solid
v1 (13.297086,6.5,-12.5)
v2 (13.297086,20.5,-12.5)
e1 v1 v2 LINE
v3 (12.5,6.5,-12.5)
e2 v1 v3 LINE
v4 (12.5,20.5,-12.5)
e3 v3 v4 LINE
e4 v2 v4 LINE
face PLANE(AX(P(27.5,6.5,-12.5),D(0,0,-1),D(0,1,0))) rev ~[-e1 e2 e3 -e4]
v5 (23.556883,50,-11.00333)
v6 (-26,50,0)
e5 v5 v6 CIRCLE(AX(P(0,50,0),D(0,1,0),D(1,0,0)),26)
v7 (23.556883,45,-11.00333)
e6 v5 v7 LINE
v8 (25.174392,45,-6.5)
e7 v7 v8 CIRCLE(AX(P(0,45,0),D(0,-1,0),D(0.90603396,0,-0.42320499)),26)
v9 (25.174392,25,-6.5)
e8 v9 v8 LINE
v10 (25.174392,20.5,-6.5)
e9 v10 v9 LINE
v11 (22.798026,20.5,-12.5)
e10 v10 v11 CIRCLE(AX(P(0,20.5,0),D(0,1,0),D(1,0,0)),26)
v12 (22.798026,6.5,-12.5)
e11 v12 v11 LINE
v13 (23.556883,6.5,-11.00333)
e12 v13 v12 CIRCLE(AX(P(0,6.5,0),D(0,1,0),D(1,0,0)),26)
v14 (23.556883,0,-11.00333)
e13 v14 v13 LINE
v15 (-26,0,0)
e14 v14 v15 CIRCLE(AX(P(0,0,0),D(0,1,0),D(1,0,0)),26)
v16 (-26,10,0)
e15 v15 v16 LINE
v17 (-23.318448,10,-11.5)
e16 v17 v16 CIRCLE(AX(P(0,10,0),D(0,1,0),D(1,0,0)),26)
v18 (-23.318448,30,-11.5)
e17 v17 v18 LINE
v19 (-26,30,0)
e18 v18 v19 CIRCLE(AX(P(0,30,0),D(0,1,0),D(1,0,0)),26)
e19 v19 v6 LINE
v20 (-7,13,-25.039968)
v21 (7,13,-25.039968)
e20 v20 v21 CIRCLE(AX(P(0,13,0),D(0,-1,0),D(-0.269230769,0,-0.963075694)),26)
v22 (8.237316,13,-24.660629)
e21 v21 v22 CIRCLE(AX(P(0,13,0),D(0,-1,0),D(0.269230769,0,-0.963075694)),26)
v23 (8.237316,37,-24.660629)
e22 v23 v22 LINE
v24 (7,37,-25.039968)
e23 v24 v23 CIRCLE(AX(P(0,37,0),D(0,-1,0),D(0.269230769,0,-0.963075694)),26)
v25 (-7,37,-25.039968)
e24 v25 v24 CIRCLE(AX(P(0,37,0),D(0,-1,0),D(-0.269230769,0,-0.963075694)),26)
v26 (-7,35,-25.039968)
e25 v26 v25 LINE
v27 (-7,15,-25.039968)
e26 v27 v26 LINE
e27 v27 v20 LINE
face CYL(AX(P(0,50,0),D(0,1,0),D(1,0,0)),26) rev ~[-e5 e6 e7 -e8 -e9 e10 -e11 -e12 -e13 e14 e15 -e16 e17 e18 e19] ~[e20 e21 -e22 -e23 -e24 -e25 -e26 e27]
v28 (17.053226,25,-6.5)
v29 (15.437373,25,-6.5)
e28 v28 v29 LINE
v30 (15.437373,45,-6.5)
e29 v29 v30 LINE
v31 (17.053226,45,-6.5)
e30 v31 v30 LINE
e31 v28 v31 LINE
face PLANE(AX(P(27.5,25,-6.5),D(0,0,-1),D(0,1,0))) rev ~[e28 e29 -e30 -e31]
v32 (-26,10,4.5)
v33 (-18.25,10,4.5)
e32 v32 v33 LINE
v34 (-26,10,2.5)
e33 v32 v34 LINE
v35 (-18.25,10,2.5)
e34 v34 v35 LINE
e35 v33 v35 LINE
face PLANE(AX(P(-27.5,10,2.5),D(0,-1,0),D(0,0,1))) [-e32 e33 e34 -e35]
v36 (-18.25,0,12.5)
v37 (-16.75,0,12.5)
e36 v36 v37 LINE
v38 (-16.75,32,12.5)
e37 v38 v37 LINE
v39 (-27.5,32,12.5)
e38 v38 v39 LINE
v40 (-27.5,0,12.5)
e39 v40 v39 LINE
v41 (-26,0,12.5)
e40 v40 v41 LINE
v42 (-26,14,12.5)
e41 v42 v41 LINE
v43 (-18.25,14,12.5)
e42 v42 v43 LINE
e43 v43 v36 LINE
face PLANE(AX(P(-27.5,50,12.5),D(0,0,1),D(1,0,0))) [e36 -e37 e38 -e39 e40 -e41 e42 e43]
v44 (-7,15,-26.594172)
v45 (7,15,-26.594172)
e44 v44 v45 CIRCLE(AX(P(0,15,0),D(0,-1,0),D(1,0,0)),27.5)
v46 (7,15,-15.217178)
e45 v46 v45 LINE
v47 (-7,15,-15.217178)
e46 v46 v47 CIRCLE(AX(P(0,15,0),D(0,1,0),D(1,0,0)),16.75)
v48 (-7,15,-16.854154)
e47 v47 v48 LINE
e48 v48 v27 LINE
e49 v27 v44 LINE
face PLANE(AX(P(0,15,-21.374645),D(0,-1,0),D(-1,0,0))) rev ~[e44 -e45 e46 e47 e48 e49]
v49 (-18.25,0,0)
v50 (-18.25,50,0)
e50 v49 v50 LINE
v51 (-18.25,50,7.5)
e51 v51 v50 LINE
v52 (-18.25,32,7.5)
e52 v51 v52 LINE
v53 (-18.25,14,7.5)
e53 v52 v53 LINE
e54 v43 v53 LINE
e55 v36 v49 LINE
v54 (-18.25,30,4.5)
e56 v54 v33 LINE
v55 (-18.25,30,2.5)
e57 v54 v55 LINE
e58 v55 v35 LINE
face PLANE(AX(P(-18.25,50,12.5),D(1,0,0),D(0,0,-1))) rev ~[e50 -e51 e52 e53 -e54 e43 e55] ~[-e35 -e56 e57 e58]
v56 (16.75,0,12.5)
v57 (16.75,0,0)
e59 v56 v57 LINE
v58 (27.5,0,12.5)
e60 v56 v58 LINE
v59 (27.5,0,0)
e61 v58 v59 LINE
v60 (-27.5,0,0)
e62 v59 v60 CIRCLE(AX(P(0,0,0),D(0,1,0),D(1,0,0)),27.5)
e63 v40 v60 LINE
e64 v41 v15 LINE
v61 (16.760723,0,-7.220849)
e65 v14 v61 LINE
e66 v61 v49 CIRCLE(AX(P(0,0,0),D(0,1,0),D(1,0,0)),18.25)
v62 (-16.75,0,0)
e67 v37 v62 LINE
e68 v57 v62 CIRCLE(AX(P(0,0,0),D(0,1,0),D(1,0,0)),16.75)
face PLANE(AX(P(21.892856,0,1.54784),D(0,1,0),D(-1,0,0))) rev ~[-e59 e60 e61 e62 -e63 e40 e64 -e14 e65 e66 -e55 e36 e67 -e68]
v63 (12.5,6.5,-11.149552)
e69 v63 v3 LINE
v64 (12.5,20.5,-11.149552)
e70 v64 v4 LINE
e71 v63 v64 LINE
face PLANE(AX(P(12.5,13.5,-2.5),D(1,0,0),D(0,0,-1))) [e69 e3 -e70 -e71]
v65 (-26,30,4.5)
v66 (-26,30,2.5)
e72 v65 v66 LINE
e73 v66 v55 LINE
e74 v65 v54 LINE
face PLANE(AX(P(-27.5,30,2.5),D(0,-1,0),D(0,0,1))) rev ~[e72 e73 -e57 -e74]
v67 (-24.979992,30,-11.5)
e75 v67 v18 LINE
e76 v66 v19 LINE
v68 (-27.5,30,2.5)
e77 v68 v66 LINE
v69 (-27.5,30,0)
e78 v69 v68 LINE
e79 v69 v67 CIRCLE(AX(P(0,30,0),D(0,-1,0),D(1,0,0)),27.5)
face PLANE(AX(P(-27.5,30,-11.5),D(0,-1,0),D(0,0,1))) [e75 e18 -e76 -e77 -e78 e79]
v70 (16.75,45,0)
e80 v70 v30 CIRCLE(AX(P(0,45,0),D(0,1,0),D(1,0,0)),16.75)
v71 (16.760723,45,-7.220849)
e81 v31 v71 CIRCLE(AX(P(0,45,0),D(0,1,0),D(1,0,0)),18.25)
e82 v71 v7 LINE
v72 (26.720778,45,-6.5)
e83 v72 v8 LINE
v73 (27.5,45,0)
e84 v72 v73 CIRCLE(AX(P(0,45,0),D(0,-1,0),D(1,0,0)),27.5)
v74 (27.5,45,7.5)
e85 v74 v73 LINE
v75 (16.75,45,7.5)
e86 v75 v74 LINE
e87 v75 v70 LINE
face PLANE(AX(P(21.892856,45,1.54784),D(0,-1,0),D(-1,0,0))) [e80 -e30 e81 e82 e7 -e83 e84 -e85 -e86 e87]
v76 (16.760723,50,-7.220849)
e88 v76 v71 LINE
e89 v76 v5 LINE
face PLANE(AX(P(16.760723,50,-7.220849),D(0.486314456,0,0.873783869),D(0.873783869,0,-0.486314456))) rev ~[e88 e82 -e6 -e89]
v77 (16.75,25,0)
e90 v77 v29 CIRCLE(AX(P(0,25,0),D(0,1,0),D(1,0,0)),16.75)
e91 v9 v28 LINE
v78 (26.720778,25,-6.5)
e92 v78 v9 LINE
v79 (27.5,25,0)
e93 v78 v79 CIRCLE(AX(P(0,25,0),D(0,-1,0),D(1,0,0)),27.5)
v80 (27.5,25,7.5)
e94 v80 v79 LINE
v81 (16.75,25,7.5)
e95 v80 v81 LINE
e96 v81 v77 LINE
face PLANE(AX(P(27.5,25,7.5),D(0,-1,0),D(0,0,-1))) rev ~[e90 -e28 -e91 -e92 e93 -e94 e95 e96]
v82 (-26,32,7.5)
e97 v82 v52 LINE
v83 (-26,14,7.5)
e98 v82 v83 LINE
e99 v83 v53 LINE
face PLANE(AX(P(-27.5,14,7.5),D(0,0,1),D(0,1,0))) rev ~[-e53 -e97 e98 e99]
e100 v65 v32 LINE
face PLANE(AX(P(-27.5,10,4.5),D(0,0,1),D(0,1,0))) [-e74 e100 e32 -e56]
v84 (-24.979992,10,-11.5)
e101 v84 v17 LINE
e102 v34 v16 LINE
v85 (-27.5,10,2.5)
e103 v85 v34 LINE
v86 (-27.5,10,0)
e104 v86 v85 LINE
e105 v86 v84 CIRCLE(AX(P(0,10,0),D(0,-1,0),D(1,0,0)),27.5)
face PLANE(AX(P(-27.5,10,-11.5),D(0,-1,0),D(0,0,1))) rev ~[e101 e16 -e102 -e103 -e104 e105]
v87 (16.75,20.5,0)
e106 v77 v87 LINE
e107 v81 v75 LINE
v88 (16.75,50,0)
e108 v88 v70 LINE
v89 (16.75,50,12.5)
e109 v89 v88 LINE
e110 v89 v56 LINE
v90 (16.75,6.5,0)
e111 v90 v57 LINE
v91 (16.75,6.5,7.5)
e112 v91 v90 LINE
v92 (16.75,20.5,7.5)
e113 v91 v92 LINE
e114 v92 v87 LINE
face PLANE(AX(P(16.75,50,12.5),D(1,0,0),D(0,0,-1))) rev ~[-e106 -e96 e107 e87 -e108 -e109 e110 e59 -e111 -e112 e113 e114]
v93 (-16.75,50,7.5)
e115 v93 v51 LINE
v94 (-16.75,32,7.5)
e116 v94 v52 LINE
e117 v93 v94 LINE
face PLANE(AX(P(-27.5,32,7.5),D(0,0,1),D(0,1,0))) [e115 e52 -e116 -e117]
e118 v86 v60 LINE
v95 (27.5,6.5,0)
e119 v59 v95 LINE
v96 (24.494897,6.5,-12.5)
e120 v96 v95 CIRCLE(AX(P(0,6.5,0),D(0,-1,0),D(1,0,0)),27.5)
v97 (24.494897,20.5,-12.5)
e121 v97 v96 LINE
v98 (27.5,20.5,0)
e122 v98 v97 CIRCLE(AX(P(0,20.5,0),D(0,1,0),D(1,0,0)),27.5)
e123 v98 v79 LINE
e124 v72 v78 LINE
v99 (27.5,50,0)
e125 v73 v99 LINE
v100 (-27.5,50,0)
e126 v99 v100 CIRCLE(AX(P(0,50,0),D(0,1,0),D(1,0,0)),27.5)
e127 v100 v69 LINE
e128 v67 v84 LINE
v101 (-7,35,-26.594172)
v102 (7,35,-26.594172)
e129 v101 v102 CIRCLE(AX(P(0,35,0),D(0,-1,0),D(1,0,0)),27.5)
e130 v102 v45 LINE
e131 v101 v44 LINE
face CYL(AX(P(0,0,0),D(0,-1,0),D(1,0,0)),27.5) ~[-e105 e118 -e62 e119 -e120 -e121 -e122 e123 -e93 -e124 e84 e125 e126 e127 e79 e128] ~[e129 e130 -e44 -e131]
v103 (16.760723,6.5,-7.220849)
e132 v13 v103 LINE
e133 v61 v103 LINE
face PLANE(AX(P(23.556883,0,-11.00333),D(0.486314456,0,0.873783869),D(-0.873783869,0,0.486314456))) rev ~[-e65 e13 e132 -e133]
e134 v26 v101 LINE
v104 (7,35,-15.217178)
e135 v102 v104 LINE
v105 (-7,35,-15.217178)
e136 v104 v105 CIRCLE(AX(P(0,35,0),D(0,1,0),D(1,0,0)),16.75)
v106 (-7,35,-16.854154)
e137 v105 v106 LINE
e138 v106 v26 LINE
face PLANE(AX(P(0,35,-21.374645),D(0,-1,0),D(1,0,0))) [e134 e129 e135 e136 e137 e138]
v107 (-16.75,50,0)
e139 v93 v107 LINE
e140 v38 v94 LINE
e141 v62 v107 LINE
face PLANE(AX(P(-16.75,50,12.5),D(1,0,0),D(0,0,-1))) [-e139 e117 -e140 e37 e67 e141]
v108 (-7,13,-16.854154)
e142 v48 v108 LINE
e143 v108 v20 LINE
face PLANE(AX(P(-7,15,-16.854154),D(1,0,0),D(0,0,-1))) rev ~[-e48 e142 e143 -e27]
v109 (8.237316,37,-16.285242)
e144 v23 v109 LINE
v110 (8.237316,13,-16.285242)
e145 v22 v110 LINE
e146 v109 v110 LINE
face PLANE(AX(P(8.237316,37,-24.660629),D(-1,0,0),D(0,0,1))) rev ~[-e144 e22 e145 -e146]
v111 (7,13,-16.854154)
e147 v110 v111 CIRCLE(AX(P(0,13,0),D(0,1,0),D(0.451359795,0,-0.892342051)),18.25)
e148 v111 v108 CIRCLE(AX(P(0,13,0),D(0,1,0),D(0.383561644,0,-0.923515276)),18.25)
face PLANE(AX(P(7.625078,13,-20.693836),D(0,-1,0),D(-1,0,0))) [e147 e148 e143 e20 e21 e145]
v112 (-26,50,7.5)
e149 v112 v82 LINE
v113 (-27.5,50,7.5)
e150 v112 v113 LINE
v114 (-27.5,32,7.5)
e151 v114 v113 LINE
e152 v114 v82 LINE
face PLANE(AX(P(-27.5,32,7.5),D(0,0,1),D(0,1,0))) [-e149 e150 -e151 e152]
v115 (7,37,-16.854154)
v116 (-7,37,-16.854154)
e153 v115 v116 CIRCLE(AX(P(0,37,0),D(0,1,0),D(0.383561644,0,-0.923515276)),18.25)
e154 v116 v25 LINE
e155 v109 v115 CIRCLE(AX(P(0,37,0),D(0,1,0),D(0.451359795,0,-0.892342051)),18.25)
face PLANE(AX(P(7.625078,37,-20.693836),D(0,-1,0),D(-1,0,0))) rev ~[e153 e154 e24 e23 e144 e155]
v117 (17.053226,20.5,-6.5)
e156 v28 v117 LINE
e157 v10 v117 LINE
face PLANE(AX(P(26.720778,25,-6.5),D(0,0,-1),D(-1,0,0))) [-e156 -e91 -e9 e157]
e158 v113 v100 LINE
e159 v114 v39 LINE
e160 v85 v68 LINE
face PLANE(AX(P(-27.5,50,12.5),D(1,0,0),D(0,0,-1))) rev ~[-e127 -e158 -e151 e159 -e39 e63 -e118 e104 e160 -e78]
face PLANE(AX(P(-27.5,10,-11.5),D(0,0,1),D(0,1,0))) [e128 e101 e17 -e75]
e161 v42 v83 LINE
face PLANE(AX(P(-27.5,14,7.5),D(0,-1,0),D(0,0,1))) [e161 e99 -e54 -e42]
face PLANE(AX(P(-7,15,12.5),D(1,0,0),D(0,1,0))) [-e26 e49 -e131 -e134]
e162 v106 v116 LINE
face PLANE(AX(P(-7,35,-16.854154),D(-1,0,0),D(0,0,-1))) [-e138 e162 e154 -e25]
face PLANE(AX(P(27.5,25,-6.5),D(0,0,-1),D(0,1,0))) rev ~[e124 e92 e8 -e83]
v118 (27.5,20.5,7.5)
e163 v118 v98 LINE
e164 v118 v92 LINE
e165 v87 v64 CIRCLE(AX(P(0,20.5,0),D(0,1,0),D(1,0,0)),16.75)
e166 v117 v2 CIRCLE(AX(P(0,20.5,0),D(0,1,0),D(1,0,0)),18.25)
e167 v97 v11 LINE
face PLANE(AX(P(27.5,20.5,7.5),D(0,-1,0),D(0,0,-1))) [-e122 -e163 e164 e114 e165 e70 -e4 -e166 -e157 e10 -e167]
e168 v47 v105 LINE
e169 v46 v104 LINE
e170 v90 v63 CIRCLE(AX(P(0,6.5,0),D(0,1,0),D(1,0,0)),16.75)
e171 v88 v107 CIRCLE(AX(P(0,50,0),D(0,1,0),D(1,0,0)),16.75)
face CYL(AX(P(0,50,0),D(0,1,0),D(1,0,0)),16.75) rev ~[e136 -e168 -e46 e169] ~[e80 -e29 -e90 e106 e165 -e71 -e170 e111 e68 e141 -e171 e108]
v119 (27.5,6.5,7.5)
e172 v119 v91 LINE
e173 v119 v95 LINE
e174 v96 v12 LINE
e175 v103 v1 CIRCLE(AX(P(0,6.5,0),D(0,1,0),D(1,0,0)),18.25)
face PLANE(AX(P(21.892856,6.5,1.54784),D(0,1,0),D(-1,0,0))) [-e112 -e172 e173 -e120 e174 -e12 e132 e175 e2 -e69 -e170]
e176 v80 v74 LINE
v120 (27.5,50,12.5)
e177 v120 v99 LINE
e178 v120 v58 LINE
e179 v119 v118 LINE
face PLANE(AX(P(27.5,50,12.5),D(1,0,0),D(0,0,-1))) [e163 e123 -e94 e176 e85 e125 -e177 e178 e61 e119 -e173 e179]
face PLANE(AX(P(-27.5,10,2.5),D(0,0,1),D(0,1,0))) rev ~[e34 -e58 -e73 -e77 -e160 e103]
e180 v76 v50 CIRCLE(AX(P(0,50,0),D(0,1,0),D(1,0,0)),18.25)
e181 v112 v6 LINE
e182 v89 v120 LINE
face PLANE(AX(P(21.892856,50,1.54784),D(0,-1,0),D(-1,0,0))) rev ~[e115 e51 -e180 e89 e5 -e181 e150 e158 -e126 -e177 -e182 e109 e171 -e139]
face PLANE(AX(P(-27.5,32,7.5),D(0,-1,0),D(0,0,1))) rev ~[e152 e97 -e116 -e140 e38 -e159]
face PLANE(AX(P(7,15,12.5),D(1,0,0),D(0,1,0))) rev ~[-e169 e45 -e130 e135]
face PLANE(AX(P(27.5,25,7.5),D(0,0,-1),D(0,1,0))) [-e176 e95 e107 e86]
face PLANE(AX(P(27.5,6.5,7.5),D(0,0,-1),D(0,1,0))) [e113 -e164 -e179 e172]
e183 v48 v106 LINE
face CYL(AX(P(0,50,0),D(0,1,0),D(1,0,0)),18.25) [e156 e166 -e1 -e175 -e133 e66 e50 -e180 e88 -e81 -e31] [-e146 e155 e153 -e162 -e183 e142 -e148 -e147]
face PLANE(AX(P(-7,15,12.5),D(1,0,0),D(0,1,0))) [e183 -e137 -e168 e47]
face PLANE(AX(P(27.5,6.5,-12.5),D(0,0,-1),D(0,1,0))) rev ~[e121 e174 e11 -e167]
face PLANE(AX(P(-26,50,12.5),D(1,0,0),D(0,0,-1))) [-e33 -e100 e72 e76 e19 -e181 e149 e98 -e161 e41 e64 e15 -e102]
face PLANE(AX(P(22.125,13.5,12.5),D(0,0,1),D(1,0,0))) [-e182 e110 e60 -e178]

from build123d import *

# Parameters (mm, degrees)
SKETCH2_R            = 27.5
BOSS_EXTRUDE1_DEPTH  = 50
SKETCH3_R            = 26
CUT_EXTRUDE1_DEPTH   = 51
SKETCH7_R            = 18.25
BOSS_EXTRUDE3_DEPTH  = 50
SKETCH8_R            = 16.75
CUT_EXTRUDE3_DEPTH   = 51
SKETCH9_W            = 59.961193285
SKETCH9_H            = 28.516087398
CUT_EXTRUDE4_DEPTH   = 51
SKETCH10_W           = 1.5
SKETCH10_H           = 12.5
BOSS_EXTRUDE4_DEPTH  = 50
BOSS_EXTRUDE5_DEPTH  = 5
BOSS_EXTRUDE6_DEPTH  = 6.5
SKETCH12_W           = 14
SKETCH12_H           = 20
SKETCH12_W_2         = 20
SKETCH12_H_2         = 14
CUT_EXTRUDE6_DEPTH   = 15
SKETCH14_W           = 14
SKETCH14_H           = 20
CUT_EXTRUDE7_DEPTH   = 45
SKETCH15_W           = 16.605878589
SKETCH15_H           = 22.2356131
CUT_EXTRUDE8_DEPTH   = 15
BOSS_EXTRUDE8_DEPTH  = 4.5
BOSS_EXTRUDE9_DEPTH  = 2
BOSS_EXTRUDE10_DEPTH = 2
BOSS_EXTRUDE15_DEPTH = 24
BOSS_EXTRUDE17_DEPTH = 10
SKETCH26_W           = 5
SKETCH26_H           = 18
BOSS_EXTRUDE18_DEPTH = 10
SKETCH27_W           = 7.75
SKETCH27_H           = 14
BOSS_EXTRUDE19_DEPTH = 5
SKETCH29_W           = 14
SKETCH29_H           = 20
CUT_EXTRUDE9_DEPTH   = 8
SKETCH30_W           = 2
SKETCH30_H           = 20
BOSS_EXTRUDE20_DEPTH = 10


with BuildPart() as part:
    # Sketch2 → Boss-Extrude1 (new body)
    with BuildSketch(Plane(origin=(0, 0, 0), x_dir=(1, 0, 0), z_dir=(0, 1, 0))):
        Circle(SKETCH2_R)
    extrude(amount=BOSS_EXTRUDE1_DEPTH)

    # Sketch3 → Cut-Extrude1 (cut, through all)
    with BuildSketch(Plane(origin=(0, 50, 0), x_dir=(1, 0, 0), z_dir=(0, 1, 0))):
        Circle(SKETCH3_R)
    extrude(amount=-CUT_EXTRUDE1_DEPTH, mode=Mode.SUBTRACT)


with BuildPart() as body_2:
    # Sketch7 → Boss-Extrude3 (new body)
    with BuildSketch(Plane(origin=(0, 50, 0), x_dir=(1, 0, 0), z_dir=(0, 1, 0))):
        Circle(SKETCH7_R)
    extrude(amount=-BOSS_EXTRUDE3_DEPTH)

    # Sketch8 → Cut-Extrude3 (cut, through all)
    with BuildSketch(Plane(origin=(0, 50, 0), x_dir=(1, 0, 0), z_dir=(0, 1, 0))):
        Circle(SKETCH8_R)
    extrude(amount=-CUT_EXTRUDE3_DEPTH, mode=Mode.SUBTRACT)


with BuildPart() as cut_extrude4_tool:
    # Sketch9 → Cut-Extrude4 (new body, through all)
    with BuildSketch(Plane(origin=(0, 50, 0), x_dir=(1, 0, 0), z_dir=(0, 1, 0))):
        with Locations((-0.477134602, -14.258043699)):
            Rectangle(SKETCH9_W, SKETCH9_H)
    extrude(amount=-CUT_EXTRUDE4_DEPTH)


with BuildPart() as part_1:
    add(part.part)

    # Cut-Extrude4: cut by cut_extrude4_tool
    add(cut_extrude4_tool.part, mode=Mode.SUBTRACT)



with BuildPart() as body_2_1:
    add(body_2.part)

    # Cut-Extrude4: cut by cut_extrude4_tool
    add(cut_extrude4_tool.part, mode=Mode.SUBTRACT)


with BuildPart() as part_2:
    add(part_1.part)

    add(body_2_1.part)  # Boss-Extrude4 merges body 2
    # Sketch10 → Boss-Extrude4 (add)
    with BuildSketch(Plane(origin=(0, 50, 0), x_dir=(1, 0, 0), z_dir=(0, 1, 0))):
        with Locations((-26.75, -6.25)):
            Rectangle(SKETCH10_W, SKETCH10_H)
        with Locations((-17.5, -6.25)):
            Rectangle(SKETCH10_W, SKETCH10_H)
        with Locations((17.5, -6.25)):
            Rectangle(SKETCH10_W, SKETCH10_H)
        with Locations((26.75, -6.25)):
            Rectangle(SKETCH10_W, SKETCH10_H)
    extrude(amount=-BOSS_EXTRUDE4_DEPTH)

    # Sketch11 → Boss-Extrude5 (add)
    with BuildSketch(Plane(origin=(0, 50, 0), x_dir=(1, 0, 0), z_dir=(0, 1, 0))):
        with BuildLine():
            Line((16.760723177, 7.220848882), (23.556882961, 11.003329731))
            ThreePointArc((23.556882961, 11.003329731), (25.38187303, 5.63564739), (26, 0))
            Line((26, 0), (26, -12.5))
            Line((26, -12.5), (18.25, -12.5))
            Line((18.25, -12.5), (18.25, 0))
            ThreePointArc((18.25, 0), (17.873803428, 3.686414384), (16.760723177, 7.220848882))
        make_face()
    extrude(amount=-BOSS_EXTRUDE5_DEPTH)

    # Sketch13 → Boss-Extrude6 (add)
    with BuildSketch(Plane.XZ):
        with BuildLine():
            Line((18.25, 0), (18.25, 12.5))
            Line((18.25, 12.5), (26, 12.5))
            Line((26, 12.5), (26, 0))
            ThreePointArc((26, 0), (25.38187303, -5.63564739), (23.556882961, -11.003329731))
            Line((23.556882961, -11.003329731), (16.760723177, -7.220848882))
            ThreePointArc((16.760723177, -7.220848882), (17.873803428, -3.686414384), (18.25, 0))
        make_face()
    extrude(amount=-BOSS_EXTRUDE6_DEPTH)

    # Sketch12 → Cut-Extrude6 (cut)
    with BuildSketch(Plane(origin=(27.5, 0, 0), x_dir=(0, 0, -1), z_dir=(1, 0, 0))):
        with Locations((-0.5, 35)):
            Rectangle(SKETCH12_W, SKETCH12_H)
        with Locations((2.5, 13.5)):
            Rectangle(SKETCH12_W_2, SKETCH12_H_2)
    extrude(amount=-CUT_EXTRUDE6_DEPTH, mode=Mode.SUBTRACT)

    # Sketch14 → Cut-Extrude7 (cut)
    with BuildSketch(Plane.XY.offset(12.5)):
        with Locations((0, 25)):
            Rectangle(SKETCH14_W, SKETCH14_H)
    extrude(amount=-CUT_EXTRUDE7_DEPTH, mode=Mode.SUBTRACT)

    # Sketch15 → Cut-Extrude8 (cut)
    with BuildSketch(Plane.ZY.offset(27.5)):
        with Locations((15.802939295, 43.11780655)):
            Rectangle(SKETCH15_W, SKETCH15_H)
    extrude(amount=-CUT_EXTRUDE8_DEPTH, mode=Mode.SUBTRACT)

    # Sketch17 → Boss-Extrude8 (add)
    with BuildSketch(Plane(origin=(0, 25, 0), x_dir=(1, 0, 0), z_dir=(0, 1, 0))):
        with BuildLine():
            Line((26.720778432, 6.5), (17.053225501, 6.5))
            ThreePointArc((17.053225501, 6.5), (17.948312809, 3.304628164), (18.25, 0))
            Line((18.25, 0), (18.25, -7.5))
            Line((18.25, -7.5), (27.5, -7.5))
            Line((27.5, -7.5), (27.5, 0))
            ThreePointArc((27.5, 0), (27.304499692, 3.273270011), (26.720778432, 6.5))
        make_face()
    extrude(amount=-BOSS_EXTRUDE8_DEPTH)

    # Sketch18 → Boss-Extrude9 (add)
    with BuildSketch(Plane.XZ.offset(-35)):
        with BuildLine():
            Line((-7, -16.854153791), (-7, -25.039968051))
            ThreePointArc((-7, -25.039968051), (0, -26), (7, -25.039968051))
            Line((7, -25.039968051), (7, -16.854153791))
            ThreePointArc((7, -16.854153791), (0, -18.25), (-7, -16.854153791))
        make_face()
    extrude(amount=-BOSS_EXTRUDE9_DEPTH)

    # Sketch19 → Boss-Extrude10 (add)
    with BuildSketch(Plane(origin=(0, 15, 0), x_dir=(1, 0, 0), z_dir=(0, 1, 0))):
        with BuildLine():
            Line((7, 25.039968051), (7, 16.854153791))
            ThreePointArc((7, 16.854153791), (0, 18.25), (-7, 16.854153791))
            Line((-7, 16.854153791), (-7, 25.039968051))
            ThreePointArc((-7, 25.039968051), (0, 26), (7, 25.039968051))
        make_face()
    extrude(amount=-BOSS_EXTRUDE10_DEPTH)

    # Sketch24 → Boss-Extrude15 (add)
    with BuildSketch(Plane(origin=(0, 37, 0), x_dir=(1, 0, 0), z_dir=(0, 1, 0))):
        with BuildLine():
            Line((8.237316258, 24.660628963), (8.237316258, 16.285242426))
            ThreePointArc((8.237316258, 16.285242426), (7.6239666, 16.581243418), (7, 16.854153791))
            Line((7, 16.854153791), (7, 25.039968051))
            ThreePointArc((7, 25.039968051), (7.621018713, 24.857998185), (8.237316258, 24.660628963))
        make_face()
    extrude(amount=-BOSS_EXTRUDE15_DEPTH)

    # Sketch25 → Boss-Extrude17 (add)
    with BuildSketch(Plane(origin=(27.5, 0, 0), x_dir=(0, 0, -1), z_dir=(1, 0, 0))):
        Polygon((-7.5, 45), (-12.5, 45), (-12.5, 25), (-12.5, 20.5), (-7.5, 20.5), (-7.5, 25), align=None)
    extrude(amount=-BOSS_EXTRUDE17_DEPTH)

    # Sketch26 → Boss-Extrude18 (add)
    with BuildSketch(Plane.ZY.offset(27.5)):
        with Locations((10, 23)):
            Rectangle(SKETCH26_W, SKETCH26_H)
    extrude(amount=-BOSS_EXTRUDE18_DEPTH)

    # Sketch27 → Boss-Extrude19 (add)
    with BuildSketch(Plane.XY.offset(12.5)):
        with Locations((22.125, 13.5)):
            Rectangle(SKETCH27_W, SKETCH27_H)
    extrude(amount=-BOSS_EXTRUDE19_DEPTH)

    # Sketch29 → Cut-Extrude9 (cut)
    with BuildSketch(Plane.ZY.offset(27.5)):
        with Locations((-4.5, 20)):
            Rectangle(SKETCH29_W, SKETCH29_H)
    extrude(amount=-CUT_EXTRUDE9_DEPTH, mode=Mode.SUBTRACT)

    # Sketch30 → Boss-Extrude20 (add)
    with BuildSketch(Plane.ZY.offset(27.5)):
        with Locations((3.5, 20)):
            Rectangle(SKETCH30_W, SKETCH30_H)
    extrude(amount=-BOSS_EXTRUDE20_DEPTH)


solid = part_2.part
